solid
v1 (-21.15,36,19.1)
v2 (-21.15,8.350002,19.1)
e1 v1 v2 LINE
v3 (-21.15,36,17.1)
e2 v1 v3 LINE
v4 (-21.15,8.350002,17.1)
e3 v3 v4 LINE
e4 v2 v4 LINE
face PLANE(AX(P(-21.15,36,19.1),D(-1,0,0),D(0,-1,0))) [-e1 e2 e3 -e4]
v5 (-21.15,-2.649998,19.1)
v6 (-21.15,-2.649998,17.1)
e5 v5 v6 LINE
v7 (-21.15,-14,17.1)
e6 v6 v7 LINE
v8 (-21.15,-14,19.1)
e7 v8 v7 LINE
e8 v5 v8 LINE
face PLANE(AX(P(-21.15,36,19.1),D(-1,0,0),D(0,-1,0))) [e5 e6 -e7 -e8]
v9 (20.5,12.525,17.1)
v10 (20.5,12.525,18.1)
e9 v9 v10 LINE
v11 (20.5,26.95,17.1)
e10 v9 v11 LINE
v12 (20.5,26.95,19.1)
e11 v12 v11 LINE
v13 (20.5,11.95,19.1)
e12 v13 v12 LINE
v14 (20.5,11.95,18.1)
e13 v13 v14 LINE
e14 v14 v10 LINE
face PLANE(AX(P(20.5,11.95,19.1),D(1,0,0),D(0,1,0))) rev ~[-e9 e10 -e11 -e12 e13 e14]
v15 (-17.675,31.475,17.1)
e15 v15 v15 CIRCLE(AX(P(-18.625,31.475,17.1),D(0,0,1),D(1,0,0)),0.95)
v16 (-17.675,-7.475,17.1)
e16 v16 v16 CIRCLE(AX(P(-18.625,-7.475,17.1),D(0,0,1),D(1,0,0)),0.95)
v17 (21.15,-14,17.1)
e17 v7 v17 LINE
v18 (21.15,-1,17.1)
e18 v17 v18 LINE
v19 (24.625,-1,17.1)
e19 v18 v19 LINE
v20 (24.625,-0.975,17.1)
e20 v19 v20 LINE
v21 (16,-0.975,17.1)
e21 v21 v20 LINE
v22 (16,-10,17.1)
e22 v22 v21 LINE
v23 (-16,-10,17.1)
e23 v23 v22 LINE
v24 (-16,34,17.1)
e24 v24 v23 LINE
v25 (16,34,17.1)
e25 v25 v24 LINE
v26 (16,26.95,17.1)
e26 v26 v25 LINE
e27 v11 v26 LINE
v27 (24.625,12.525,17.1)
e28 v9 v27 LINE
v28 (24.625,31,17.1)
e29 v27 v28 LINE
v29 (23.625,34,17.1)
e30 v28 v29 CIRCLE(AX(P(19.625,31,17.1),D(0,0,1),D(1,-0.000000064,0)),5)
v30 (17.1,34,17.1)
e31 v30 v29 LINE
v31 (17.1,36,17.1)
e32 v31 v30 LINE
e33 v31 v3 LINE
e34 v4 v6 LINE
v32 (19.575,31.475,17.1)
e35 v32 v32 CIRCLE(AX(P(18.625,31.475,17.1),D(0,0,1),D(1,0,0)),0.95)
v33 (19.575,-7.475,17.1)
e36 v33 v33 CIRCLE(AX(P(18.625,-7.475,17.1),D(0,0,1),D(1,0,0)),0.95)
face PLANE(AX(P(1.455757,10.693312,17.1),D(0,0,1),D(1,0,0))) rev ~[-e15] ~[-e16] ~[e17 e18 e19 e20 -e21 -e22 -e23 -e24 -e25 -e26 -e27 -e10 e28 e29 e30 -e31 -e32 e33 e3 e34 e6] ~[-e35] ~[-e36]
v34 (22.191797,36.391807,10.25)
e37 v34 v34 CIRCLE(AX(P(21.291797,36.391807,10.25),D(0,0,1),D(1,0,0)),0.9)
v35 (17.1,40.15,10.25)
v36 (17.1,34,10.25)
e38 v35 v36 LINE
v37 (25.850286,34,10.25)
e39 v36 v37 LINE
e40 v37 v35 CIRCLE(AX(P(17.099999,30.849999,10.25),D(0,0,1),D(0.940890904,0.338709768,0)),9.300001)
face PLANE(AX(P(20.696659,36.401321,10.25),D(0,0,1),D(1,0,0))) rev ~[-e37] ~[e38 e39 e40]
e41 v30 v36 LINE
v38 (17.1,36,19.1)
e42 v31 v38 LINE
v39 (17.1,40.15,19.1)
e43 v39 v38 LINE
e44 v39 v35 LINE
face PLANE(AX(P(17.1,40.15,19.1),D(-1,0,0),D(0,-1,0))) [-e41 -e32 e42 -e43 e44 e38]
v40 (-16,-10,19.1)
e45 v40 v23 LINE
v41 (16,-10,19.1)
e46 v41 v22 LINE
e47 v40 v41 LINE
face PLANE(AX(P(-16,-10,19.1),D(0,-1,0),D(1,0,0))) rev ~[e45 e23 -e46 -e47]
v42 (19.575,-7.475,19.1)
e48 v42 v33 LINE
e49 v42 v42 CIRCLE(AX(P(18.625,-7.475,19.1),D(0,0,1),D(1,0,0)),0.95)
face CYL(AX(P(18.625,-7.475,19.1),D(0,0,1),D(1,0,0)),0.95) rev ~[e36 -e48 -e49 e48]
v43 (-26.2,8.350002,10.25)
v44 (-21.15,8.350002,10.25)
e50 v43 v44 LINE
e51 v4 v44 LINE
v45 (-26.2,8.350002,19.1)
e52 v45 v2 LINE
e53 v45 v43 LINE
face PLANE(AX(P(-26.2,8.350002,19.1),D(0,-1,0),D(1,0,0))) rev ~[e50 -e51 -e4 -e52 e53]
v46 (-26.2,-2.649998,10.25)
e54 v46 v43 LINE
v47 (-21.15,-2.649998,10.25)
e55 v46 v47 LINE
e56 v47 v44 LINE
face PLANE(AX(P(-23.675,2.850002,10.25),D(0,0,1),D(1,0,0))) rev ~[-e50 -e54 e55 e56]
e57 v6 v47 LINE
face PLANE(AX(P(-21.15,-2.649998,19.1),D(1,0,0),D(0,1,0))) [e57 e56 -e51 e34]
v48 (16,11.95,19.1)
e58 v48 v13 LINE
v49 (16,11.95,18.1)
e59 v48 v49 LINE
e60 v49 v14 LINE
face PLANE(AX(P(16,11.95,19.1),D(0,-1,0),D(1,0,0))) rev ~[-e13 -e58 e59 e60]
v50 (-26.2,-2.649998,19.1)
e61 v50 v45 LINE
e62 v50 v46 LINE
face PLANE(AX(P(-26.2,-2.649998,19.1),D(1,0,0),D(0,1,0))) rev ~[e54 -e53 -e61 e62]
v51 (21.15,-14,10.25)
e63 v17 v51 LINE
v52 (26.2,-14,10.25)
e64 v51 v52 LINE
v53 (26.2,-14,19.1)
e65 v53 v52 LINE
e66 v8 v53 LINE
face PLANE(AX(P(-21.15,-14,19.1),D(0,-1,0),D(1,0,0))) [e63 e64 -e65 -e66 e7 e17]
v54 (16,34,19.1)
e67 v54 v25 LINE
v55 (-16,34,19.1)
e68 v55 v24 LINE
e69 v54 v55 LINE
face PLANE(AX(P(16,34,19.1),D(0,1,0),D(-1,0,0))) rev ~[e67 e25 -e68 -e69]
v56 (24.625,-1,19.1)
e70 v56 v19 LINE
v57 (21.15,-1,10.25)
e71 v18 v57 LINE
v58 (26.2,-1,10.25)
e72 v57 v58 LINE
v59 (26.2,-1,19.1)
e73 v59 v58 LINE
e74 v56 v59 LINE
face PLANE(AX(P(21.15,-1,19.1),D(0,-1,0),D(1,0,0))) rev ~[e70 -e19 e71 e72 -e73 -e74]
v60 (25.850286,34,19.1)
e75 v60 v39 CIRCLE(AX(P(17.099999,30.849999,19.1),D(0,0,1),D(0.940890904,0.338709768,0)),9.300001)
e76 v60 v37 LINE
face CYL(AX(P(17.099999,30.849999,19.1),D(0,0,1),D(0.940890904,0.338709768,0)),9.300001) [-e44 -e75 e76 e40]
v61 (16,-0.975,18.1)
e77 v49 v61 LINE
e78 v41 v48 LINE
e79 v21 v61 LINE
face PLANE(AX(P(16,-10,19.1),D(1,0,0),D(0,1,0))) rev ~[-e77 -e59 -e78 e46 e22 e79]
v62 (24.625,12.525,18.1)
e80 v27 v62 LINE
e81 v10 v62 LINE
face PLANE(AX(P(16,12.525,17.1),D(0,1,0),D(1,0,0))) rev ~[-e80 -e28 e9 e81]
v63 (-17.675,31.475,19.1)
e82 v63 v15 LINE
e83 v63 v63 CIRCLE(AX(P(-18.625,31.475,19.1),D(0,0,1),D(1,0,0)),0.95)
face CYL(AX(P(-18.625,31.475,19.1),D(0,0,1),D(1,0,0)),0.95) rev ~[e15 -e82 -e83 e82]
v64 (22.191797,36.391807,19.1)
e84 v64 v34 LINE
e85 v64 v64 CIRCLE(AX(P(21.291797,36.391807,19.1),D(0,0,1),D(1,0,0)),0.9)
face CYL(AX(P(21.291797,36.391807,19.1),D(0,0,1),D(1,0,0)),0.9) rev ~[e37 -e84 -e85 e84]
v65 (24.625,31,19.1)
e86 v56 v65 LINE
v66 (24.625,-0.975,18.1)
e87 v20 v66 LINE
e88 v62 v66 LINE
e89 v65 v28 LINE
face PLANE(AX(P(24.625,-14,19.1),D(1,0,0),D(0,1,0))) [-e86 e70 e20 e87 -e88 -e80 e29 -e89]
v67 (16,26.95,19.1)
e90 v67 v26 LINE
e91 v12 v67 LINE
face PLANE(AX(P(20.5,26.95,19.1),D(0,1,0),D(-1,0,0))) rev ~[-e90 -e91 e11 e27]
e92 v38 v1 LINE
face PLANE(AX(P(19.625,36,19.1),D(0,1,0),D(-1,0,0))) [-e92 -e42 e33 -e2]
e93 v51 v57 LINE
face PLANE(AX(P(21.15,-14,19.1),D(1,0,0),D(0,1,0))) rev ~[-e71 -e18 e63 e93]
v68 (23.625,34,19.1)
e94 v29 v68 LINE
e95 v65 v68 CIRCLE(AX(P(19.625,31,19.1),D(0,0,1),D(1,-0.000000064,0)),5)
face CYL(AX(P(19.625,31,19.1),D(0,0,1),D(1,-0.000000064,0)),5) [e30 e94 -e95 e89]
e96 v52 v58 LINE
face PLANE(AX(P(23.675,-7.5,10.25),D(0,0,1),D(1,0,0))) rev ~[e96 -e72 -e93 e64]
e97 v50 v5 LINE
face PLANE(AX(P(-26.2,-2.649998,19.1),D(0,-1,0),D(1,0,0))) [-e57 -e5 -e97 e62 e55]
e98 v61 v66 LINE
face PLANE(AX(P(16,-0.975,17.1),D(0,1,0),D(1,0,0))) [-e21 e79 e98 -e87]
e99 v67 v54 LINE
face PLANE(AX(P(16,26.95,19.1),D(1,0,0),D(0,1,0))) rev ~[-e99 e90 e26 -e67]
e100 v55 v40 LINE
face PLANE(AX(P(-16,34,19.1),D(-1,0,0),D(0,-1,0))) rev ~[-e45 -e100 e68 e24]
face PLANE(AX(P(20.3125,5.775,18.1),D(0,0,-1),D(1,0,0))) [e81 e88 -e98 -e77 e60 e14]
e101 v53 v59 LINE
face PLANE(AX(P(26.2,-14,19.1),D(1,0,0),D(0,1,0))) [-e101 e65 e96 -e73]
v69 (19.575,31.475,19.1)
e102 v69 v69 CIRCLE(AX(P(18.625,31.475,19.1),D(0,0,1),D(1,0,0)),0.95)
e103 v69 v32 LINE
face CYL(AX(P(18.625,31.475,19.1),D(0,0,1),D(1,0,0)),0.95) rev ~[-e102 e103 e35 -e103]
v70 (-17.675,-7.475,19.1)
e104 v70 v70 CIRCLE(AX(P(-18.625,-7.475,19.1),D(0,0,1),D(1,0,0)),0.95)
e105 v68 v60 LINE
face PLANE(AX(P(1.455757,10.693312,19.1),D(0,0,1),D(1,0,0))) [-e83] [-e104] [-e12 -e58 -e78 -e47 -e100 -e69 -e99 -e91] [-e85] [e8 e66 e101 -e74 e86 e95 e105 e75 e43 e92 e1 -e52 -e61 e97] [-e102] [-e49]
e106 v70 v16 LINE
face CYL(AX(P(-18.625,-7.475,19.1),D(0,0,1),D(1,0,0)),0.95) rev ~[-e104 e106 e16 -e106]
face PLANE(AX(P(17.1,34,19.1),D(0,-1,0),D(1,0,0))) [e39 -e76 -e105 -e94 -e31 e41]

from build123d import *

# Parameters (mm, degrees)
PAD035_DEPTH    = 2
POCKET034_DEPTH = 5
SKETCH080_R     = 0.95
POCKET035_DEPTH = 5
SKETCH081_W     = 5.05
SKETCH081_H     = 13
SKETCH081_H_2   = 11
PAD041_DEPTH    = 8.85
SKETCH082_R     = 0.9
HOLE_DEPTH      = 25
SKETCH086_W     = 8.625
SKETCH086_H     = 13.5
POCKET036_DEPTH = 1


with BuildPart() as part:
    # Sketch071 → Pad035 (new body)
    with BuildSketch(Plane.XY):
        with BuildLine():
            Line((-21.15, 36), (-21.15, -14))
            Line((-21.15, -14), (24.625, -14))
            Line((24.625, -14), (24.625, 31))
            ThreePointArc((24.625, 31), (23.160534, 34.535534), (19.625, 36))
            Line((19.625, 36), (-21.15, 36))
        make_face()
    extrude(amount=-PAD035_DEPTH)

    # Sketch079 (on Face6 of Pad035) → Pocket034 (cut)
    with BuildSketch(Plane.XY):
        Polygon((-16, 34), (-16, -10), (16, -10), (16, 11.95), (20.5, 11.95), (20.5, 26.95), (16, 26.95), (16, 34), align=None)
    extrude(amount=-POCKET034_DEPTH, mode=Mode.SUBTRACT)

    # Sketch080 (on Face4 of Pocket034) → Pocket035 (cut)
    with BuildSketch(Plane.XY):
        with Locations((-18.625, 31.475)):
            Circle(SKETCH080_R)
        with Locations((18.625, 31.475)):
            Circle(SKETCH080_R)
        with Locations((18.625, -7.475)):
            Circle(SKETCH080_R)
        with Locations((-18.625, -7.475)):
            Circle(SKETCH080_R)
    extrude(amount=-POCKET035_DEPTH, mode=Mode.SUBTRACT)

    # Sketch081 (on Face4 of Pocket035) → Pad041 (join)
    with BuildSketch(Plane.XY):
        with Locations((23.675, -7.5)):
            Rectangle(SKETCH081_W, SKETCH081_H)
        with Locations((-23.675, 2.850002)):
            Rectangle(SKETCH081_W, SKETCH081_H_2)
        with BuildLine():
            ThreePointArc((25.850286, 34), (22.447663, 38.458712), (17.1, 40.15))
            Line((17.1, 36), (17.1, 40.15))
            Line((17.1, 36), (17.1, 34))
            Line((17.1, 34), (25.850286, 34))
        make_face()
    extrude(amount=-PAD041_DEPTH)

    # Sketch082 (on Face32 of Pad041) → Hole (cut)
    with BuildSketch(Plane.XY):
        with Locations((21.291797, 36.391807)):
            Circle(SKETCH082_R)
    extrude(amount=-HOLE_DEPTH, mode=Mode.SUBTRACT)

    # Sketch086 (on Face4 of Hole) → Pocket036 (cut)
    with BuildSketch(Plane(origin=(0, 0, -2), x_dir=(1, 0, 0), z_dir=(0, 0, -1))):
        with Locations((20.3125, -5.775)):
            Rectangle(SKETCH086_W, SKETCH086_H)
    extrude(amount=-POCKET036_DEPTH, mode=Mode.SUBTRACT)


with BuildPart() as part_1:
    # Body010 placement: moved
    add(part.part.moved(Location((0, 0, 19.1))))


solid = part_1.part
